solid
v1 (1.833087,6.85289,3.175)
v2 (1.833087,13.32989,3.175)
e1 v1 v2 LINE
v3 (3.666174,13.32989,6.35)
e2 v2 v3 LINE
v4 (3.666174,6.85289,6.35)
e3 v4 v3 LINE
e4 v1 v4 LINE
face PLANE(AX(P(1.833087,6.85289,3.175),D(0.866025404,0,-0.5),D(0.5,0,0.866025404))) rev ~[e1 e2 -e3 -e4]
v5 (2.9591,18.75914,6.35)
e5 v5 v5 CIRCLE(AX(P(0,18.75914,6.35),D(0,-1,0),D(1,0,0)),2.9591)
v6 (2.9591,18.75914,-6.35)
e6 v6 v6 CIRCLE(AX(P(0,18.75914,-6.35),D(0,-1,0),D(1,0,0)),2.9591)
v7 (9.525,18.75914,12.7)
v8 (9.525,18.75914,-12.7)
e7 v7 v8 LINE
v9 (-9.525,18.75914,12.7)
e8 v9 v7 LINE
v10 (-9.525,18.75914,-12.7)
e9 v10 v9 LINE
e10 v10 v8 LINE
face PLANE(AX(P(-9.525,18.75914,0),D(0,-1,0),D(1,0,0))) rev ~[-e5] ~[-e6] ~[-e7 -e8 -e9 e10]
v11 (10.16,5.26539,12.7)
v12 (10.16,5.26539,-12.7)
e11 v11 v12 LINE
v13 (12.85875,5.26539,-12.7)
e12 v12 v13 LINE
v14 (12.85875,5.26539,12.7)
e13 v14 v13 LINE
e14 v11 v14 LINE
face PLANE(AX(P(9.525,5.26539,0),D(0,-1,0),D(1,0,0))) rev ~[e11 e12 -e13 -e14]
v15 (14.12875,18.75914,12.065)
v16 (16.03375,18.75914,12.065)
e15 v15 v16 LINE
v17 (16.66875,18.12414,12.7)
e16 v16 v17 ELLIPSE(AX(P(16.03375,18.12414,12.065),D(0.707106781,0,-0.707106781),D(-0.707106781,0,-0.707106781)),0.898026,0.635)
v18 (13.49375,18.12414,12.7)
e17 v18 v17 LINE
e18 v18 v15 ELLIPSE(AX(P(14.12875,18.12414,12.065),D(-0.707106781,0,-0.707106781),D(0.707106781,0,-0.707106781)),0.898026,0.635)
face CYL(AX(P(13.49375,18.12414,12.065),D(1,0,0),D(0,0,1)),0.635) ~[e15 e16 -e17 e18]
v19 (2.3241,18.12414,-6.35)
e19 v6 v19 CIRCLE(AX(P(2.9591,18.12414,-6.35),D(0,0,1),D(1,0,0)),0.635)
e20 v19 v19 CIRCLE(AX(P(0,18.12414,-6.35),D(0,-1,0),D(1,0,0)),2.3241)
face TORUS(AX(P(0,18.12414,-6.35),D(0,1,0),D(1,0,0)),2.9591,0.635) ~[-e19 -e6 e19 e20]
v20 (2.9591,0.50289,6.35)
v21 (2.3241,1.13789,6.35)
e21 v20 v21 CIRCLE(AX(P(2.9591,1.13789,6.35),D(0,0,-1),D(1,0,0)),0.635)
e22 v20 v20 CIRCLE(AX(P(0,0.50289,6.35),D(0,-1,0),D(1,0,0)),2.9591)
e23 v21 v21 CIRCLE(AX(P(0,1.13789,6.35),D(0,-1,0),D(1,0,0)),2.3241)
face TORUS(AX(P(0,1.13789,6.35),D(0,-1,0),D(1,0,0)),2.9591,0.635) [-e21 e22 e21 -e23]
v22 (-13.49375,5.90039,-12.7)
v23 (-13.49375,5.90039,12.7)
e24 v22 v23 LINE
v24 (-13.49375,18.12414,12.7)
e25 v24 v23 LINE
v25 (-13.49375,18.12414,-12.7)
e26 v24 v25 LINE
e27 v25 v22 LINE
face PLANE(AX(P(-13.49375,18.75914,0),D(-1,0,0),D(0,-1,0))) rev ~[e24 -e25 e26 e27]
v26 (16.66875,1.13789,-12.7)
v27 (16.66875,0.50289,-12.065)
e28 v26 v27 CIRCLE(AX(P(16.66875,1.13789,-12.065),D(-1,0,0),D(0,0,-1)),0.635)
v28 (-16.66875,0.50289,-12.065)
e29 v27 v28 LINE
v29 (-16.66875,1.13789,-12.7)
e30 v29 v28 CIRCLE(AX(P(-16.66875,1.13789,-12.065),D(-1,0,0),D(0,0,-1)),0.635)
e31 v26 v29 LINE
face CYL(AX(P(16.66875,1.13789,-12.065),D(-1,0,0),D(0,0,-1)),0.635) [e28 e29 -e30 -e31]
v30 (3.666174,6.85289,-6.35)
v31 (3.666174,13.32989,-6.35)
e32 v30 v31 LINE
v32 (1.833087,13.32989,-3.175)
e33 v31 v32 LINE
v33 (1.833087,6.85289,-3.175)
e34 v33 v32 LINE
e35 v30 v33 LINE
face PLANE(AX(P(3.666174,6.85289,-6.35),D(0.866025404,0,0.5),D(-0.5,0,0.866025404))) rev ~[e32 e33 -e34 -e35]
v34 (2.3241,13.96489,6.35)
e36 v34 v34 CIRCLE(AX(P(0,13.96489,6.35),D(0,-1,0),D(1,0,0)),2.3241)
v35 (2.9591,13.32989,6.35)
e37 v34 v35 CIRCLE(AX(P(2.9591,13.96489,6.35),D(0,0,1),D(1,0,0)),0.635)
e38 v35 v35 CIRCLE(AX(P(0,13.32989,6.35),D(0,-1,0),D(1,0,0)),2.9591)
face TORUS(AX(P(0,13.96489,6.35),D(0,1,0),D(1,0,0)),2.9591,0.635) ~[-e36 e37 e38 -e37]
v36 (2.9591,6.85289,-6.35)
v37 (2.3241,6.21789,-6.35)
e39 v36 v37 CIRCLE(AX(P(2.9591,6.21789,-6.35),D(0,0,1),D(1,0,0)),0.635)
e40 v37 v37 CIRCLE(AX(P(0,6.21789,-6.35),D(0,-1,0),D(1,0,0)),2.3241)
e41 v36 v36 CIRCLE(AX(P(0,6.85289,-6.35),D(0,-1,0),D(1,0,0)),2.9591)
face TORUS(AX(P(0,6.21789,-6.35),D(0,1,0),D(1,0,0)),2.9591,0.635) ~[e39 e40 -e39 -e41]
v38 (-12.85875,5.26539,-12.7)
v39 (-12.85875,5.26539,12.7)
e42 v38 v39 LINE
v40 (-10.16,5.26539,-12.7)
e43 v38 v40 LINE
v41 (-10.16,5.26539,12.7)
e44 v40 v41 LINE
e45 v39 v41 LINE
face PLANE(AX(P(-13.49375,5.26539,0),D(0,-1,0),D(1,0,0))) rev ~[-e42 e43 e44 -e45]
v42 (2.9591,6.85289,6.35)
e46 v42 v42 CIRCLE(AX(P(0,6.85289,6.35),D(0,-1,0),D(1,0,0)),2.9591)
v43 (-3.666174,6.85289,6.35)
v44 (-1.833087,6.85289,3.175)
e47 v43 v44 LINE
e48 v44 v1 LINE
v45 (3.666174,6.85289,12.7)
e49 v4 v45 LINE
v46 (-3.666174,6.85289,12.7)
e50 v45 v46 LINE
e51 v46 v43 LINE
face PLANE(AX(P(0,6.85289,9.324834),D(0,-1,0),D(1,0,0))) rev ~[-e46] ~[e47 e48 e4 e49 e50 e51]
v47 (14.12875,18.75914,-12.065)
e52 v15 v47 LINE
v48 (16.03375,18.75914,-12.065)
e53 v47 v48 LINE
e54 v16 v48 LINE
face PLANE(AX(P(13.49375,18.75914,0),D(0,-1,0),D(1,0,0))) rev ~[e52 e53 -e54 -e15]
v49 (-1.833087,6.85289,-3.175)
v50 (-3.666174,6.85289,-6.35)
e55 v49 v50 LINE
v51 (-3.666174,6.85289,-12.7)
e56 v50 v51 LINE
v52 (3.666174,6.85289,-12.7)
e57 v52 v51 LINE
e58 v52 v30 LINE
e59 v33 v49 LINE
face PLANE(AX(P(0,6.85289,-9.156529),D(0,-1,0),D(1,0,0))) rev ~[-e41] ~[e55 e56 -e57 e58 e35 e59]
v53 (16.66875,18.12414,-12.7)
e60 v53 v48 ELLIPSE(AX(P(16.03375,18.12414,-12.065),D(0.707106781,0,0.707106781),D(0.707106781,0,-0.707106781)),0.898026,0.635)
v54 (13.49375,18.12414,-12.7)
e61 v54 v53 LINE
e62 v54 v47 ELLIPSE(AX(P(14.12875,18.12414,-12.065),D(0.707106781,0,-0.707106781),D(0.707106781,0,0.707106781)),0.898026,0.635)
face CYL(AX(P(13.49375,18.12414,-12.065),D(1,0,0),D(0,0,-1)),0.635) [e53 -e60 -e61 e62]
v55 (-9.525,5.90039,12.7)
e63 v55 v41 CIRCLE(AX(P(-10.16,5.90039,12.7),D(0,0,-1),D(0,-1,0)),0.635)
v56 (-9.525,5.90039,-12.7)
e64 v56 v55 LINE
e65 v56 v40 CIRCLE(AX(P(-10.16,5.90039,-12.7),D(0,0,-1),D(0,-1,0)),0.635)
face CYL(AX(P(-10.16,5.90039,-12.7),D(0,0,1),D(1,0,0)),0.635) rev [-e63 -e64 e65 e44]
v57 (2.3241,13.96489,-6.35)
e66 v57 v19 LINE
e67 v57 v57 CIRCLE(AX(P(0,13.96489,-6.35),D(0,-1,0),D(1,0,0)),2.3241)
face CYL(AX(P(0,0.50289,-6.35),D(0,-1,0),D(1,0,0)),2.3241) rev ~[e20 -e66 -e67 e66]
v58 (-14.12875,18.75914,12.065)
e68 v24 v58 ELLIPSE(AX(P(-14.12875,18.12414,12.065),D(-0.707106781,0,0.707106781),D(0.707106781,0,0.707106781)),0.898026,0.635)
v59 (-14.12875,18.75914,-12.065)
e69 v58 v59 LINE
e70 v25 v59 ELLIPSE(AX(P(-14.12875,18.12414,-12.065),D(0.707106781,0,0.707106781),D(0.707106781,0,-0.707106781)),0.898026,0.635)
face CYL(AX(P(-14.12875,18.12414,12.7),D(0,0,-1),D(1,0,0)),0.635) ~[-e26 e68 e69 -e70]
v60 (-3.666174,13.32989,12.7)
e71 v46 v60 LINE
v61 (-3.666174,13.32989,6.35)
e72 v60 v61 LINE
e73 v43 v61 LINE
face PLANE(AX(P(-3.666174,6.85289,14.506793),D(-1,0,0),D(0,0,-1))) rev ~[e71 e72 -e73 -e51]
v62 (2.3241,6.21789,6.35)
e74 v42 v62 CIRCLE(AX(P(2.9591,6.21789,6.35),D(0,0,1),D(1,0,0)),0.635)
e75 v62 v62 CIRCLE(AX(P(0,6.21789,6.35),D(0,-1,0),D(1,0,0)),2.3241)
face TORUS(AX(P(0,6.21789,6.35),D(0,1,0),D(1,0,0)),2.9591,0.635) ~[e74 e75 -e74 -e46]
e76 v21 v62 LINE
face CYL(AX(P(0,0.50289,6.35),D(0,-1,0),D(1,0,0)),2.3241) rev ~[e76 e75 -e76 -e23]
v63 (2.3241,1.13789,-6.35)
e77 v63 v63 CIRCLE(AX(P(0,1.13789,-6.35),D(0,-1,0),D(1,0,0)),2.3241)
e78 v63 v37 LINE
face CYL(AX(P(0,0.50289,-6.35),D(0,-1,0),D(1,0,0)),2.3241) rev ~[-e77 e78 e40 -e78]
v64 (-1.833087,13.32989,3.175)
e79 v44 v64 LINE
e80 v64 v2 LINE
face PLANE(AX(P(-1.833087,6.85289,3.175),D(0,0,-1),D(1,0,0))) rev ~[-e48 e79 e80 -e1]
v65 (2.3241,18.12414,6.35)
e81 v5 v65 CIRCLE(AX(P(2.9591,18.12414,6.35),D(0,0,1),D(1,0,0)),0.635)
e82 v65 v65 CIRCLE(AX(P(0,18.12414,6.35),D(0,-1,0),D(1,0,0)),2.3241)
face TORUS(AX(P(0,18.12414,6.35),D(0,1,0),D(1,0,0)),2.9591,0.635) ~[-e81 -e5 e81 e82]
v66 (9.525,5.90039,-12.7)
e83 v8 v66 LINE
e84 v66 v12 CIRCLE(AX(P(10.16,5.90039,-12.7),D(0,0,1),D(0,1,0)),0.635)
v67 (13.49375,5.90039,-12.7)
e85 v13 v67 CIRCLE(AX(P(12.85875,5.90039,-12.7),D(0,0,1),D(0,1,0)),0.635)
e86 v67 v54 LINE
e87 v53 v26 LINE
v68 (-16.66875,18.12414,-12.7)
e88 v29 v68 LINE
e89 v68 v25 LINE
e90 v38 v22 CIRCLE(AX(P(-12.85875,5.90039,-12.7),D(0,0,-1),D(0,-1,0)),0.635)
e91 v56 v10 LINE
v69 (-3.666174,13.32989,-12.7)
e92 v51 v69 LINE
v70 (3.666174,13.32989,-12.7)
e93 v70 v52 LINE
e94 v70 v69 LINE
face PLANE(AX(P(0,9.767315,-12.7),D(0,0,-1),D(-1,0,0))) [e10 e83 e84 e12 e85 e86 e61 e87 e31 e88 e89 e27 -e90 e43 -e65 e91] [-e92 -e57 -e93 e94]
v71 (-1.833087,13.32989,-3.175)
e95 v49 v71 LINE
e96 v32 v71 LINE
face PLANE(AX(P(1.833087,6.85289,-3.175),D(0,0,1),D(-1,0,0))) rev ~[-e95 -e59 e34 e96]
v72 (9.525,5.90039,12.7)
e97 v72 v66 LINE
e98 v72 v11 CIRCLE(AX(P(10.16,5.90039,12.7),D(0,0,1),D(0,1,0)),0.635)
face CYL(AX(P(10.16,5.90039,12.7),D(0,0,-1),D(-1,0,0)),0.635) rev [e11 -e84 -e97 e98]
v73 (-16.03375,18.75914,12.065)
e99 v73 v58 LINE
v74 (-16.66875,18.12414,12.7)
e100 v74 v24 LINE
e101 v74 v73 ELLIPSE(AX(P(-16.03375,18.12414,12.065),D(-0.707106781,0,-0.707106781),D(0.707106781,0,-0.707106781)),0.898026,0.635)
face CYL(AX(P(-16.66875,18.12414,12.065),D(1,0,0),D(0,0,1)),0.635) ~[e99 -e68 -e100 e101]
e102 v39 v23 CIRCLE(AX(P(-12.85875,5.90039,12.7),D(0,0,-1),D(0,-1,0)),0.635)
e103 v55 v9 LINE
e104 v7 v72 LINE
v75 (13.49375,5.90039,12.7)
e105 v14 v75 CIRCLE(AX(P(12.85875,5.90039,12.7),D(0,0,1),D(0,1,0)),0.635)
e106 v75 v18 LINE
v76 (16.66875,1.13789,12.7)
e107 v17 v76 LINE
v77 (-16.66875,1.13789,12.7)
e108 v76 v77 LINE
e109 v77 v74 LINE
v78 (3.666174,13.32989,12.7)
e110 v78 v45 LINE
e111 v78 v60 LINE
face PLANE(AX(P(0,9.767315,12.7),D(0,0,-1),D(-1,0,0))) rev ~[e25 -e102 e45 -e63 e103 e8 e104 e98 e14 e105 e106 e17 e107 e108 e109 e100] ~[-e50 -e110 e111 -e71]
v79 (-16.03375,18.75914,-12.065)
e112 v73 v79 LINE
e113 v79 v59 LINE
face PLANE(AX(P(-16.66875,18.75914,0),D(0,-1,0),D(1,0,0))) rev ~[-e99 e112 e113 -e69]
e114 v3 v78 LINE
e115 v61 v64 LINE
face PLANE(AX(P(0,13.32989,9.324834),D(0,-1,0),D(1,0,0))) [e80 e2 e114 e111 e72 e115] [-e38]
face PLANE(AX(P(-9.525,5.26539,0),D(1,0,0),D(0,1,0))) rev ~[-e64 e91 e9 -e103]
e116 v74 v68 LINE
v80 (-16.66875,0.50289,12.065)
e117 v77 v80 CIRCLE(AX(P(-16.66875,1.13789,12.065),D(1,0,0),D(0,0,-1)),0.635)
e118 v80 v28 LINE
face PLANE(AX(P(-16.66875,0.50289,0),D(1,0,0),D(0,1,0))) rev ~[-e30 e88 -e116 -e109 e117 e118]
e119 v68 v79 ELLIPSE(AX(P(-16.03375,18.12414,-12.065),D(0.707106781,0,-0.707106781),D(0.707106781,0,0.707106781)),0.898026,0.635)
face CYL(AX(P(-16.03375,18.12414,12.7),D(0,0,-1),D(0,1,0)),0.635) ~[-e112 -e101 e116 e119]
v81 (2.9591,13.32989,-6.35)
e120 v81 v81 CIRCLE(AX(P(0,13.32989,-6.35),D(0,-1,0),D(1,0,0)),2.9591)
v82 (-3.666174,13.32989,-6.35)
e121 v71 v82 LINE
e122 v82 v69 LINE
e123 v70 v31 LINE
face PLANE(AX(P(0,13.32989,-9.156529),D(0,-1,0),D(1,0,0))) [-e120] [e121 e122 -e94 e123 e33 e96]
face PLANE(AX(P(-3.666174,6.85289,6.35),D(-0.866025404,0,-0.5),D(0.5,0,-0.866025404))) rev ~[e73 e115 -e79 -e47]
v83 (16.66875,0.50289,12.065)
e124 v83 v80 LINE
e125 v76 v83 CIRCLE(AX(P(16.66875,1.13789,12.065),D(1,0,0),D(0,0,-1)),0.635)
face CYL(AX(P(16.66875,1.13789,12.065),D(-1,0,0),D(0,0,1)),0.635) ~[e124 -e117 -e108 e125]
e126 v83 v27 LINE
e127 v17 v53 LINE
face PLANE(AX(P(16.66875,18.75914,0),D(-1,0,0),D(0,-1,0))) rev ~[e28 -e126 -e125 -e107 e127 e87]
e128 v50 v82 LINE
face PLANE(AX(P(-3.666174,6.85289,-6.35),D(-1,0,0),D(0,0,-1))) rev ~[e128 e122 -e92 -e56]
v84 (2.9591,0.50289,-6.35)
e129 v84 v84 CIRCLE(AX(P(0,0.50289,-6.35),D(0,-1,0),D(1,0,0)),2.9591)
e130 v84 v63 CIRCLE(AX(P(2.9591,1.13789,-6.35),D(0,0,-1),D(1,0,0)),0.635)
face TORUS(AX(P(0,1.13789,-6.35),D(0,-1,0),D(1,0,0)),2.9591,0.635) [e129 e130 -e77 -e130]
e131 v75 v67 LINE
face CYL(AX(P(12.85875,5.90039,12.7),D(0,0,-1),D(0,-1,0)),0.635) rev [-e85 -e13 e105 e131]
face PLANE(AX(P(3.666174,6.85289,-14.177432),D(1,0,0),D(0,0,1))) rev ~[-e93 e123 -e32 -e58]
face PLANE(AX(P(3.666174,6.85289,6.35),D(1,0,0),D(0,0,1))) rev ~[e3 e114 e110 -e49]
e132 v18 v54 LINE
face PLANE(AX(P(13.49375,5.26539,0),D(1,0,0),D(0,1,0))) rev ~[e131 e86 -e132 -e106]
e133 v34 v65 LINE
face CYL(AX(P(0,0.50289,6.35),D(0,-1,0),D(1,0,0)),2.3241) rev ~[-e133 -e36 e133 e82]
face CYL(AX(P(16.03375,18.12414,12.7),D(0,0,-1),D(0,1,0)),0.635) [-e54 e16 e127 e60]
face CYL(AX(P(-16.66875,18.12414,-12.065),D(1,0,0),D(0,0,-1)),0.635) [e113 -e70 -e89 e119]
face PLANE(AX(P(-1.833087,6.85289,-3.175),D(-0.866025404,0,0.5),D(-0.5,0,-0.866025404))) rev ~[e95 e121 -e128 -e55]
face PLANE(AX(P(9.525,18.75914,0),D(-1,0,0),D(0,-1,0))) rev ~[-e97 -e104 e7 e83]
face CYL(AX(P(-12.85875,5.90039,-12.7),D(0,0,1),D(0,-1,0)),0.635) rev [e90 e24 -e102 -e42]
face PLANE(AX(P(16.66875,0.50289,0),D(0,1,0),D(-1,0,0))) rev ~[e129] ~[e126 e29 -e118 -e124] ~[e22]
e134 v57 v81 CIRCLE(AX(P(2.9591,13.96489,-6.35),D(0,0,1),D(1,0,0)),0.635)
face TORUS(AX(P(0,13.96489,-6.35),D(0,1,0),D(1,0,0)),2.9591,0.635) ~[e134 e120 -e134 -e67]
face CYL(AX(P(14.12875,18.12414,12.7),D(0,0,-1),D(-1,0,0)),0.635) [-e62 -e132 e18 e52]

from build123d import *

# Parameters (mm, degrees)
BOSS_EXTRUDE1_DEPTH = 12.7
SKETCH4_R           = 2.3241
CUT_EXTRUDE1_DEPTH  = 19.05
CUT_EXTRUDE2_START  = -6.35
CUT_EXTRUDE2_DEPTH  = 6.477
FILLET1_R           = 0.635


with BuildPart() as part:
    # Sketch2 → Boss-Extrude1 (new, symmetric)
    with BuildSketch(Plane.XY):
        Polygon((-9.525, 18.759139671), (9.525, 18.759139671), (9.525, 5.265389671), (13.49375, 5.265389671), (13.49375, 18.759139671), (16.66875, 18.759139671), (16.66875, 0.502889671), (-16.66875, 0.502889671), (-16.66875, 18.759139671), (-13.49375, 18.759139671), (-13.49375, 5.265389671), (-9.525, 5.265389671), align=None)
    extrude(amount=BOSS_EXTRUDE1_DEPTH, both=True)

    # Sketch4 → Cut-Extrude1 (cut)
    with BuildSketch(Plane.XZ.offset(-0.502889671)):
        with Locations((0, 6.35)):
            Circle(SKETCH4_R)
        with Locations((0, -6.35)):
            Circle(SKETCH4_R)
    extrude(amount=-CUT_EXTRUDE1_DEPTH, mode=Mode.SUBTRACT)

    # Sketch5 → Cut-Extrude2 (cut)
    with BuildSketch(Plane.XZ.offset(-0.502889671).offset(CUT_EXTRUDE2_START)):
        Polygon((-3.666174209, -6.35), (-3.666174209, -14.177432374), (3.666174209, -14.177432374), (3.666174209, -6.35), (1.833087105, -3.175), (-1.833087105, -3.175), align=None)
        Polygon((-3.666174209, 6.35), (-1.833087105, 3.175), (1.833087105, 3.175), (3.666174209, 6.35), (3.666174209, 14.506792856), (-3.666174209, 14.506792856), align=None)
    extrude(amount=-CUT_EXTRUDE2_DEPTH, mode=Mode.SUBTRACT)

    # Fillet1
    fillet1_edges = [part.edges().sort_by_distance(p)[0] for p in [
        (15.08125, 18.759139671, -12.7),
        (0, 0.502889671, -12.7),
        (-15.08125, 18.759139671, -12.7),
        (-15.08125, 18.759139671, 12.7),
        (9.525, 5.265389671, 0),
        (13.49375, 5.265389671, 0),
        (13.49375, 18.759139671, 0),
        (16.66875, 18.759139671, 0),
        (-16.66875, 18.759139671, 0),
        (-13.49375, 18.759139671, 0),
        (-13.49375, 5.265389671, 0),
        (-9.525, 5.265389671, 0),
        (0, 0.502889671, 12.7),
        (15.08125, 18.759139671, 12.7),
        (-2.3241, 18.759139671, 6.35),
        (-2.3241, 0.502889671, 6.35),
        (-2.3241, 18.759139671, -6.35),
        (-2.3241, 0.502889671, -6.35),
        (-2.3241, 6.852889671, 6.35),
        (-2.3241, 13.329889671, 6.35),
        (-2.3241, 6.852889671, -6.35),
        (-2.3241, 13.329889671, -6.35),
    ]]
    fillet(fillet1_edges, radius=FILLET1_R)


solid = part.part
